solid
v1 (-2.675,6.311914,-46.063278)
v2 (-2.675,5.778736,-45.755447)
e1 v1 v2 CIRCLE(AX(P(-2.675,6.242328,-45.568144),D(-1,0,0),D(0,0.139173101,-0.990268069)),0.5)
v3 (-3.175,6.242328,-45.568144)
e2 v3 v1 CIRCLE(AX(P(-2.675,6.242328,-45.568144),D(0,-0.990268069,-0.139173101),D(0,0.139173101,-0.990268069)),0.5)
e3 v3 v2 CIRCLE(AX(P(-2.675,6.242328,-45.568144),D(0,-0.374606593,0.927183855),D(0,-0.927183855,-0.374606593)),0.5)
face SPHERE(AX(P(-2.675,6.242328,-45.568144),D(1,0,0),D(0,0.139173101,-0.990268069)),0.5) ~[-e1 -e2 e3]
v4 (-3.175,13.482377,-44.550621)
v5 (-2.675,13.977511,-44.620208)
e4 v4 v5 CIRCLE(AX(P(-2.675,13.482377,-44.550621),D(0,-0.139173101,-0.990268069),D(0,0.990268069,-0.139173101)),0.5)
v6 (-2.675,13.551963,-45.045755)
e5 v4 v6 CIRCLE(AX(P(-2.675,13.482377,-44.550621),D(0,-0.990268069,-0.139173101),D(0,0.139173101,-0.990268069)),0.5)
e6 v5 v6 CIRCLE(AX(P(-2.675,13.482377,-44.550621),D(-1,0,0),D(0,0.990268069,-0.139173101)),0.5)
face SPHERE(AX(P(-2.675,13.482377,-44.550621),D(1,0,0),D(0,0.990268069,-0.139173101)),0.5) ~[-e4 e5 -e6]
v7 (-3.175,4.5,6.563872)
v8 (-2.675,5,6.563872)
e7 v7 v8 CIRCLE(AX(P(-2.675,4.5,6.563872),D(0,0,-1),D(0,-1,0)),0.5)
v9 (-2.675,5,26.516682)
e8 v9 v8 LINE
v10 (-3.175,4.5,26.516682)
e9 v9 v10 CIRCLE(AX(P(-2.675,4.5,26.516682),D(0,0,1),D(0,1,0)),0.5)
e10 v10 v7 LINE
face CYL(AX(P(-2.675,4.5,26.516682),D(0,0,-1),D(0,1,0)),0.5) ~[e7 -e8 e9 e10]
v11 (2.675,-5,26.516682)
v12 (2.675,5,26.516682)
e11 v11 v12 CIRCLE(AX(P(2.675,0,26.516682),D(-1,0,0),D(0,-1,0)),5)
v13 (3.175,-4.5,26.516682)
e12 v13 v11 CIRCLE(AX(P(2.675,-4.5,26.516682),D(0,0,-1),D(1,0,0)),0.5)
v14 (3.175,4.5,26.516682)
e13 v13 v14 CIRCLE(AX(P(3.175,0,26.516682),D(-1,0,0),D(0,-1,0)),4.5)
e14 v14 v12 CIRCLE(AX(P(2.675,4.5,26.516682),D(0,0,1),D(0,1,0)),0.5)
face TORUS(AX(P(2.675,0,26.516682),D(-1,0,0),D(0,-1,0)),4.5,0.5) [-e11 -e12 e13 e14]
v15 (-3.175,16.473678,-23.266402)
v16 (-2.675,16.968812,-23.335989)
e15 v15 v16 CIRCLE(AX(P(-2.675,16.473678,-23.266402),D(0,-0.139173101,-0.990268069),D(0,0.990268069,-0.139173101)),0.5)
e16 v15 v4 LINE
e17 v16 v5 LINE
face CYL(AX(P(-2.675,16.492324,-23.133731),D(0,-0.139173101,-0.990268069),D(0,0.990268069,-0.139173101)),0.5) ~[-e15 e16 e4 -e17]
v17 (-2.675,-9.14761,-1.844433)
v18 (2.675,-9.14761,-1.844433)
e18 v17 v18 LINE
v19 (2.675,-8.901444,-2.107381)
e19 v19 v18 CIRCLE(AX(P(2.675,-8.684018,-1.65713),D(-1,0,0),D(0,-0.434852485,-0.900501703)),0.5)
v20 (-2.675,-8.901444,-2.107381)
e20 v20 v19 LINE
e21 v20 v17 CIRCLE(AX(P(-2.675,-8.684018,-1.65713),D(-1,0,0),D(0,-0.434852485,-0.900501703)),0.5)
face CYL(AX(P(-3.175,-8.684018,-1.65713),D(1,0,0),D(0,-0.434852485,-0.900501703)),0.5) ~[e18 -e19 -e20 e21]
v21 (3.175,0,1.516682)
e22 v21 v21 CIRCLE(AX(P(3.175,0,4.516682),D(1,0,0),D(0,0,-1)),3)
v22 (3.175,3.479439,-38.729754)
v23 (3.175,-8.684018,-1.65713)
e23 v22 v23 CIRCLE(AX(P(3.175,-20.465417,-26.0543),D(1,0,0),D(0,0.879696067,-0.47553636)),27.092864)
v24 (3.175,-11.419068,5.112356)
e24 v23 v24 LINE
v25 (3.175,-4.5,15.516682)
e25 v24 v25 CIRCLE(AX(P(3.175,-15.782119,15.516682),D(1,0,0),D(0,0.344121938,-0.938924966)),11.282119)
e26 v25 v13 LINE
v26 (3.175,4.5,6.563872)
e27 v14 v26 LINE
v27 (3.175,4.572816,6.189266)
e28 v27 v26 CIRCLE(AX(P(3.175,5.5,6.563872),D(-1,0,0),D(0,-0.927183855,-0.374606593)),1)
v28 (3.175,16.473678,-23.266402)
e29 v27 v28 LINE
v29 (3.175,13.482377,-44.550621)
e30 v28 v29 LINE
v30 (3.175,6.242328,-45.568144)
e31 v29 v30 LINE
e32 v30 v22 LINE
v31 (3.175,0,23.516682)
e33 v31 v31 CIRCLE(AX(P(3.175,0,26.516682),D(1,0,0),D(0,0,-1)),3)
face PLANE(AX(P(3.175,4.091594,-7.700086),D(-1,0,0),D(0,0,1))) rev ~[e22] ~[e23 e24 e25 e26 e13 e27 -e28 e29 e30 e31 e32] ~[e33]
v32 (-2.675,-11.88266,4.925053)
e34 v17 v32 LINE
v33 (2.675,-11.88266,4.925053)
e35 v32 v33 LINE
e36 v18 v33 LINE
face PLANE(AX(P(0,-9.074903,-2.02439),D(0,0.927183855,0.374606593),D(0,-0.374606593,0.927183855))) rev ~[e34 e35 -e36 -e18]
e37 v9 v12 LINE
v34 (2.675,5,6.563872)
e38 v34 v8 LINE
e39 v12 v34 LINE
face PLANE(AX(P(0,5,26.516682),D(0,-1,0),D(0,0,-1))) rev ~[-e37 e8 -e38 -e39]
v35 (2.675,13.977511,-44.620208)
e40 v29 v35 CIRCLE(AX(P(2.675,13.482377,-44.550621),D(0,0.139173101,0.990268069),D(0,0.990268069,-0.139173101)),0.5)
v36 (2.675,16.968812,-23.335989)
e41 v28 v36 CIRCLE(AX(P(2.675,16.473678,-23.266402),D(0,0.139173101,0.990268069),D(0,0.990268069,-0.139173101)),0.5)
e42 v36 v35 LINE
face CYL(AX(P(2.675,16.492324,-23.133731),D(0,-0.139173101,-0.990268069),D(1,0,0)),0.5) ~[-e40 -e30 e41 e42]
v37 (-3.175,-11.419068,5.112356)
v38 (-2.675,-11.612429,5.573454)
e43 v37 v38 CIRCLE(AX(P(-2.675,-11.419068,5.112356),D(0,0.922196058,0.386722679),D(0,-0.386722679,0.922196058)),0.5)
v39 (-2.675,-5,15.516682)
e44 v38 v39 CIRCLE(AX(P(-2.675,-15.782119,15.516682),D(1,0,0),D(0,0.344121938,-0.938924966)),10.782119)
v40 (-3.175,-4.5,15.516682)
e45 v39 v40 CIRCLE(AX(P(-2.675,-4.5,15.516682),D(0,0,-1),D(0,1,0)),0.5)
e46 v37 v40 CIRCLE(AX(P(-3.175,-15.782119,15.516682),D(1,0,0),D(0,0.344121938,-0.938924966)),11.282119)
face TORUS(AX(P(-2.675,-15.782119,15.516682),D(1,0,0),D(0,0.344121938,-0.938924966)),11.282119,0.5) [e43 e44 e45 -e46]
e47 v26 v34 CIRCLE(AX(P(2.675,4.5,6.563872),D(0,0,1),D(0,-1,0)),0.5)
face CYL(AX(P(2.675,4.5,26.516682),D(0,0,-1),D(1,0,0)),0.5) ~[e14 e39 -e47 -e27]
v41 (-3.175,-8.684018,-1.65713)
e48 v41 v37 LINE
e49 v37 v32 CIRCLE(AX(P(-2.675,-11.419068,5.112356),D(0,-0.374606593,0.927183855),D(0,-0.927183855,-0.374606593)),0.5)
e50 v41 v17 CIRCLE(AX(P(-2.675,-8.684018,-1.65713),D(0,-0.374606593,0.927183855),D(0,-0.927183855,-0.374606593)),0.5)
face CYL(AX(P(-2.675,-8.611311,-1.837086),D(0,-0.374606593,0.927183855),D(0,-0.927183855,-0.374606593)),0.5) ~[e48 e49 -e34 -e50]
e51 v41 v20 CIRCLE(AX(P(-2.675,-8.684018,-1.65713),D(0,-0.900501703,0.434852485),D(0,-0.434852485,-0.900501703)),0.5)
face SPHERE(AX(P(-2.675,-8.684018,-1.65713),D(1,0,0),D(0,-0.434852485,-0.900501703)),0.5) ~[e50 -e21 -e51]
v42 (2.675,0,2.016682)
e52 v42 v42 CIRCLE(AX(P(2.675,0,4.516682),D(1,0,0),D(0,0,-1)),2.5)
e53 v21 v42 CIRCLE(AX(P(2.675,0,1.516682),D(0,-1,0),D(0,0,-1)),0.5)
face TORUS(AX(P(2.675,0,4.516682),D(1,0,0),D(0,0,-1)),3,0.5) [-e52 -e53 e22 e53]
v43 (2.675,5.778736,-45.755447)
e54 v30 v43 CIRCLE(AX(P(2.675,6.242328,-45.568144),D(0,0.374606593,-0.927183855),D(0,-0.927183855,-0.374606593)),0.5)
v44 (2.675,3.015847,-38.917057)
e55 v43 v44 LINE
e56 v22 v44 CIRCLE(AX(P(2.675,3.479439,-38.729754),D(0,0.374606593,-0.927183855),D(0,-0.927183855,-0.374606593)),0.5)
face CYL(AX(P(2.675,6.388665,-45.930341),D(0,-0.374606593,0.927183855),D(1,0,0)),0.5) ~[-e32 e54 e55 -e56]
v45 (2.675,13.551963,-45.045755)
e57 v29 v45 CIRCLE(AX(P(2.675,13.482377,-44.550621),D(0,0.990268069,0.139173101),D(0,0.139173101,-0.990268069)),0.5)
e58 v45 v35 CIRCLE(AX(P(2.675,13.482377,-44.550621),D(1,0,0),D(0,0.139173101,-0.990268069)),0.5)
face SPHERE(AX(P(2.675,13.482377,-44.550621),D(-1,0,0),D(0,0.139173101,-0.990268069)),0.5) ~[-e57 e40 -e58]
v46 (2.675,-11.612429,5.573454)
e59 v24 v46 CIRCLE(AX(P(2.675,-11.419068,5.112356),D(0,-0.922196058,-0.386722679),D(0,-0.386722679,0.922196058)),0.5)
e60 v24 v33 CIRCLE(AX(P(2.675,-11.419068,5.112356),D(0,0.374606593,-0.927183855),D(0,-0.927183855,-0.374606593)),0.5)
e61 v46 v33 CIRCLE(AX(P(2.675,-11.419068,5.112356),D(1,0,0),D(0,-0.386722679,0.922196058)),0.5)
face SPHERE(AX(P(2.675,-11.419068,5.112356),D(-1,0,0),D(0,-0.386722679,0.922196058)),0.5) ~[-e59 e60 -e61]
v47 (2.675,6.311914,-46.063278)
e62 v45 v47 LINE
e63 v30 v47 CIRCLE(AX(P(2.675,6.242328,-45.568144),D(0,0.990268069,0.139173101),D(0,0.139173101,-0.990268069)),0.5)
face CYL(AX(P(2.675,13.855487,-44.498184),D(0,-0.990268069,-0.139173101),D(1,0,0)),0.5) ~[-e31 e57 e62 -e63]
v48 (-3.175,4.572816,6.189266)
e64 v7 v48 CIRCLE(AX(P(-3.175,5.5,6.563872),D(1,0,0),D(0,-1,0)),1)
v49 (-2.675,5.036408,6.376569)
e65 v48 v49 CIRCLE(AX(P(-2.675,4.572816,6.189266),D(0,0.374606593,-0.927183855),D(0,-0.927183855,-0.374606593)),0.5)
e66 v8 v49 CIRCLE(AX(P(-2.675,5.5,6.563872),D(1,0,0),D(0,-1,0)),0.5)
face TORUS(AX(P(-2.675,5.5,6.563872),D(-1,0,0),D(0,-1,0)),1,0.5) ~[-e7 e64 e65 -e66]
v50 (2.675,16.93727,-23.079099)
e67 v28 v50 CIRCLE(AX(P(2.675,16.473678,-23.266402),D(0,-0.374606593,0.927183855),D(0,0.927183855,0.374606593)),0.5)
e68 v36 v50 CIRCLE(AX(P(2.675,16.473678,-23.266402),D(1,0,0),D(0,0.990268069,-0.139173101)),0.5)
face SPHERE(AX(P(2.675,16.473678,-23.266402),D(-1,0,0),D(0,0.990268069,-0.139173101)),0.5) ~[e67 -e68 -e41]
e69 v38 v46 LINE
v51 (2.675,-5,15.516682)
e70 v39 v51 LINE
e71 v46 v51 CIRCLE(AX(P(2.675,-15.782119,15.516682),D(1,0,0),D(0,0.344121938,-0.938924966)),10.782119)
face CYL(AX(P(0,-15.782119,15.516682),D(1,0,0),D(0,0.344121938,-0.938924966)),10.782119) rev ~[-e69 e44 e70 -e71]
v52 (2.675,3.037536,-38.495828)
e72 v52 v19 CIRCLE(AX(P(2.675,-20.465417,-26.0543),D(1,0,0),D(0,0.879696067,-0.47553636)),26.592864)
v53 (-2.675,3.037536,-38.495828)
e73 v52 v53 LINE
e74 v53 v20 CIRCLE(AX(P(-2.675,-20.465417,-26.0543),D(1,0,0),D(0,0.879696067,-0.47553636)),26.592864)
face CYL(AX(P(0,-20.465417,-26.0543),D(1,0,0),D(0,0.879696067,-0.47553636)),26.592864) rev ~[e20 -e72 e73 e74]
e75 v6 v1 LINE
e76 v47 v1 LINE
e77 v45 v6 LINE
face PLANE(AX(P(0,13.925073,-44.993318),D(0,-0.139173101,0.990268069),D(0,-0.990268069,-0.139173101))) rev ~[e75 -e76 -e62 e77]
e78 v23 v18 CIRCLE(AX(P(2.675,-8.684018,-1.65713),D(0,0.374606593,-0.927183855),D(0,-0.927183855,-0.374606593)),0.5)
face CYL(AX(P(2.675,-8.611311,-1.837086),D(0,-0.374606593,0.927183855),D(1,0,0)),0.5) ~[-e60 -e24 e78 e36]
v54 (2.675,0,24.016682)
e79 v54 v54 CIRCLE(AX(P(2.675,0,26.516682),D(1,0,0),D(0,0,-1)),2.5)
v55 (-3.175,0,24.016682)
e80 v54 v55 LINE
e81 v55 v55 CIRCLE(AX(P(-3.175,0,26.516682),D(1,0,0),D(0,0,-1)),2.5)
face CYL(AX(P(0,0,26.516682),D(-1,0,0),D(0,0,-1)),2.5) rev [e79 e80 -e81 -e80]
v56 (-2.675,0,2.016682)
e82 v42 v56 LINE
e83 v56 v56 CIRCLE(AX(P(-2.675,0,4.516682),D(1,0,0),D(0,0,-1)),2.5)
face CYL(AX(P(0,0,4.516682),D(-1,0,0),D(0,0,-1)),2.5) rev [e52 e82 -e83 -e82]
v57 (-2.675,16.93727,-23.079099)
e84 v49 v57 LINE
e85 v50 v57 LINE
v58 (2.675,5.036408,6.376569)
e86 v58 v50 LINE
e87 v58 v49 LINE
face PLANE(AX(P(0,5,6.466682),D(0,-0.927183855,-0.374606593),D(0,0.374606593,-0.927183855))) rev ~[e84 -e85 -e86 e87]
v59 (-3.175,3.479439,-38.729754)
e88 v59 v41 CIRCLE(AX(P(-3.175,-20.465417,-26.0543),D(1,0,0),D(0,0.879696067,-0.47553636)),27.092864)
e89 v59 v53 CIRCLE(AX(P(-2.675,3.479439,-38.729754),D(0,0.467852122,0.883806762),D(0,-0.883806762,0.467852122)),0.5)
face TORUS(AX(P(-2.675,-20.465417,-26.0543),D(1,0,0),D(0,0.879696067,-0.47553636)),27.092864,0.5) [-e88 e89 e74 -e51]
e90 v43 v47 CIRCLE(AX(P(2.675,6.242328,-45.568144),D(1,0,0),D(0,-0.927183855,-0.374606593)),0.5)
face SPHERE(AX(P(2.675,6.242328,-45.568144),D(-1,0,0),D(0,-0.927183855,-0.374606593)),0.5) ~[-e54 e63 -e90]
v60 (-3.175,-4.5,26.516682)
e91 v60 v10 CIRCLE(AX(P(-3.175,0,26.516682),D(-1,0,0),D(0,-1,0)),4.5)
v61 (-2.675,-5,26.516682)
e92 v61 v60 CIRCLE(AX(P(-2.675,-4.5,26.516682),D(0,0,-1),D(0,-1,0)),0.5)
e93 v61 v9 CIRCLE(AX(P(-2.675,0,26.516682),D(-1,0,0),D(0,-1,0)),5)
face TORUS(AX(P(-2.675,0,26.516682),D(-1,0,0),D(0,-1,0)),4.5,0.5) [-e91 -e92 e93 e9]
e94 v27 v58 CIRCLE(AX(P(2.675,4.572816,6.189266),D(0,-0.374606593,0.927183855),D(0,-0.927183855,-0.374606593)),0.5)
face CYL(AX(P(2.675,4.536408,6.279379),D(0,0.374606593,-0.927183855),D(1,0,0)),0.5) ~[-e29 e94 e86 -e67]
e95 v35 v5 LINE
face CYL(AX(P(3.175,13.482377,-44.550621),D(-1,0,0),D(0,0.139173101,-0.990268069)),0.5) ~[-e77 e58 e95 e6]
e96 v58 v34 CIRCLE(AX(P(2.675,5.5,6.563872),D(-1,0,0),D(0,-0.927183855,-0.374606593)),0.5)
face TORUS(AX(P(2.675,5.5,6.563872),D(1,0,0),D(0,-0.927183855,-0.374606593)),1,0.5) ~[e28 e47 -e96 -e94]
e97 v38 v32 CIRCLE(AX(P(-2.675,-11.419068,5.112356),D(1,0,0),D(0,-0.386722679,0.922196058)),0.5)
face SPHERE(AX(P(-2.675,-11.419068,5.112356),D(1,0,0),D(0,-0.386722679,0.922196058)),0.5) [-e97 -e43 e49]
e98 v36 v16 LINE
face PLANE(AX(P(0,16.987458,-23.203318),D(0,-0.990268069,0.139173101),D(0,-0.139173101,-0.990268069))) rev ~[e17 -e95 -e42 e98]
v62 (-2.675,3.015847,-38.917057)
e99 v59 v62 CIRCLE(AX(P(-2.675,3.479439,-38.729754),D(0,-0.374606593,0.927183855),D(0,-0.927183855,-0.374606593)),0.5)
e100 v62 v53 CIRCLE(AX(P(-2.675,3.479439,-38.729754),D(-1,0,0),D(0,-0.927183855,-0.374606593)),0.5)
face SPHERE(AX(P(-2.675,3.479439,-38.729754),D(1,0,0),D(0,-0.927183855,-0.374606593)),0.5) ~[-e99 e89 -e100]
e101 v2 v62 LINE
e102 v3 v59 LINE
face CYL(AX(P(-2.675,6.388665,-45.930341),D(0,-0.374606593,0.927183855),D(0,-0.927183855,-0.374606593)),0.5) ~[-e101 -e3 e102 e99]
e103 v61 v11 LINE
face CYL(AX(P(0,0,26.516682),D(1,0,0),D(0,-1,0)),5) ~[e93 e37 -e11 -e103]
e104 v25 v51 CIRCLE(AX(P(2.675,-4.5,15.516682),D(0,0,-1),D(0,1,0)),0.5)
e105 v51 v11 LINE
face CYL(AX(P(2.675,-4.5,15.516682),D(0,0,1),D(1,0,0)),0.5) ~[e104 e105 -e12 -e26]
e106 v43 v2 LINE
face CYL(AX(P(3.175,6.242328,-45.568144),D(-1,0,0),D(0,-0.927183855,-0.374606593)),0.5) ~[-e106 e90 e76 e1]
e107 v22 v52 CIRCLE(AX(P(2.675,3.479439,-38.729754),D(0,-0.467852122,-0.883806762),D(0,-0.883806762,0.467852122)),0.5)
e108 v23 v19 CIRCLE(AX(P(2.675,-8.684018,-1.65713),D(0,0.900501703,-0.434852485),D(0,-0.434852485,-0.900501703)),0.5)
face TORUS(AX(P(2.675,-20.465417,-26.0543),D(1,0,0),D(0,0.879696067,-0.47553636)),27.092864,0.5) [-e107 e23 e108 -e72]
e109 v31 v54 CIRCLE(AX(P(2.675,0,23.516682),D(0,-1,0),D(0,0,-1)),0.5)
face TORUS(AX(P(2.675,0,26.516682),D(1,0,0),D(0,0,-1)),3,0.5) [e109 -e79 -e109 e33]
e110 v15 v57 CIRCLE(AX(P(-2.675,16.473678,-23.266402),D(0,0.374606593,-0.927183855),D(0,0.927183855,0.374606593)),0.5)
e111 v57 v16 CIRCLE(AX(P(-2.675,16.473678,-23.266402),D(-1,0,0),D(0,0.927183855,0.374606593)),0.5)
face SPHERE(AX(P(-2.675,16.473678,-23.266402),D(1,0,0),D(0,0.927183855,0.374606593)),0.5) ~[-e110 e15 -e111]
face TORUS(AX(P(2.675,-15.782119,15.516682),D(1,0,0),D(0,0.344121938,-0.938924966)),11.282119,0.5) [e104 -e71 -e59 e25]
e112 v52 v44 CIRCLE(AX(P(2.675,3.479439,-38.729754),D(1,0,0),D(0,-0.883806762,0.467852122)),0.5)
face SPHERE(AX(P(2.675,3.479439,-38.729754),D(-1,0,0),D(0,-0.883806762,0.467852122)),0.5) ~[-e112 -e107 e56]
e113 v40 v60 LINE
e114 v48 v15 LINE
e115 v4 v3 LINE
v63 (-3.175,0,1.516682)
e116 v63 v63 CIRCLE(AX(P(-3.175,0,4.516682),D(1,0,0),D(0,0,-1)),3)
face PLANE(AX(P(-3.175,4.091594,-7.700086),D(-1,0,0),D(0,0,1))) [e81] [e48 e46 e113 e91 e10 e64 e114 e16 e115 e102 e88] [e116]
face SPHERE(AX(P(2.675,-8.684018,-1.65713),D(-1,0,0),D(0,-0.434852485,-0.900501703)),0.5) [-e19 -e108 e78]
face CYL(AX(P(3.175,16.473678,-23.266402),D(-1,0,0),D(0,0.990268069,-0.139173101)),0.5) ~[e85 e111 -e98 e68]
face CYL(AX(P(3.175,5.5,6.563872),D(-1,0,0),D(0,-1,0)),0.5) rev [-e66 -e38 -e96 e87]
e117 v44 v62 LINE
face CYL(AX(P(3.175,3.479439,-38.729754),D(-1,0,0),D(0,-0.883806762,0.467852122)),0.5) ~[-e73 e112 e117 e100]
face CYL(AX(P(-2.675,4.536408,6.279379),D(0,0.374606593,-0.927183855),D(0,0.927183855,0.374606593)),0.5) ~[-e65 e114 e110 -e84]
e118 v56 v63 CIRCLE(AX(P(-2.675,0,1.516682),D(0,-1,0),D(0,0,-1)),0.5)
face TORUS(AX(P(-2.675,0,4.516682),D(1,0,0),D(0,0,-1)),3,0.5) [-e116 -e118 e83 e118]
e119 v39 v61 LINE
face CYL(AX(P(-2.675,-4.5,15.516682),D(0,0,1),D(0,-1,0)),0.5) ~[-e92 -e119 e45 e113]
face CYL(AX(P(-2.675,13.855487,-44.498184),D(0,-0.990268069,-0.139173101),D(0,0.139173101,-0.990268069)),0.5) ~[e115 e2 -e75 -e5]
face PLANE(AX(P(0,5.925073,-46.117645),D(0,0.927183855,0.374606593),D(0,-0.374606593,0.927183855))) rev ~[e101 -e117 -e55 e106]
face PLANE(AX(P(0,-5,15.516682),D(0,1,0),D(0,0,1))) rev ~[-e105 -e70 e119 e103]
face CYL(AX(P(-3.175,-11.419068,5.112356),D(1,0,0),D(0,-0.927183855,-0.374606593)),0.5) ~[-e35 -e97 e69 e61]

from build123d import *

# Parameters (mm, degrees)
ESBO_O2_R                = 2.5
RESSALTO_EXTRUS_O1_DEPTH = 3.175
FILETE1_R                = 0.5


with BuildPart() as part:
    # Esboço2 → Ressalto-extrusão1 (new, symmetric)
    with BuildSketch(Plane(origin=(0, 0, 0), x_dir=(0, 0, -1), z_dir=(1, 0, 0))):
        with BuildLine():
            Line((-26.516682084, 5), (-6.466682084, 5))
            Line((-6.466682084, 5), (23.203317916, 16.987458121))
            Line((23.203317916, 16.987458121), (44.993317916, 13.925073332))
            Line((44.993317916, 13.925073332), (46.117644593, 5.925073332))
            Line((46.117644593, 5.925073332), (38.700173757, 2.928220585))
            ThreePointArc((38.700173757, 2.928220585), (17.782793868, 4.808335878), (2.024389796, -9.074902795))
            Line((2.024389796, -9.074902795), (-5.39308104, -12.071755542))
            ThreePointArc((-5.39308104, -12.071755542), (-9.342197803, -6.94301071), (-15.516682084, -5))
            Line((-15.516682084, -5), (-26.516682084, -5))
            ThreePointArc((-26.516682084, -5), (-31.516682084, 0), (-26.516682084, 5))
        make_face()
        with Locations((-26.516682084, 0)):
            Circle(ESBO_O2_R, mode=Mode.SUBTRACT)
        with Locations((-4.516682084, 0)):
            Circle(ESBO_O2_R, mode=Mode.SUBTRACT)
    extrude(amount=RESSALTO_EXTRUS_O1_DEPTH, both=True)

    # Filete1
    filete1_edges = [part.edges().sort_by_distance(p)[0] for p in [
        (-3.175, 5, 16.491682084),
        (-3.175, 10.99372906, -8.368317916),
        (-3.175, 15.456265726, -34.098317916),
        (-3.175, 9.925073332, -45.555481255),
        (-3.175, 4.426646959, -42.408909175),
        (-3.175, 4.808335878, -17.782793868),
        (-3.175, -10.573329168, 1.684345622),
        (3.175, -6.94301071, 9.342197803),
        (-3.175, -6.94301071, 9.342197803),
        (-3.175, -5, 21.016682084),
        (-3.175, 0, 31.516682084),
        (3.175, -10.573329168, 1.684345622),
        (0, 5, 6.466682084),
        (0, 16.987458121, -23.203317916),
        (0, 13.925073332, -44.993317916),
        (0, 5.925073332, -46.117644593),
        (0, 2.928220585, -38.700173757),
        (0, -9.074902795, -2.024389796),
        (0, -12.071755542, 5.39308104),
        (3.175, 4.808335878, -17.782793868),
        (3.175, 4.426646959, -42.408909175),
        (3.175, 0, 29.016682084),
        (3.175, 9.925073332, -45.555481255),
        (-3.175, 0, 7.016682084),
        (3.175, 0, 7.016682084),
        (3.175, 15.456265726, -34.098317916),
        (3.175, 10.99372906, -8.368317916),
        (3.175, 5, 16.491682084),
        (3.175, 0, 31.516682084),
        (3.175, -5, 21.016682084),
    ]]
    fillet(filete1_edges, radius=FILETE1_R)


solid = part.part
